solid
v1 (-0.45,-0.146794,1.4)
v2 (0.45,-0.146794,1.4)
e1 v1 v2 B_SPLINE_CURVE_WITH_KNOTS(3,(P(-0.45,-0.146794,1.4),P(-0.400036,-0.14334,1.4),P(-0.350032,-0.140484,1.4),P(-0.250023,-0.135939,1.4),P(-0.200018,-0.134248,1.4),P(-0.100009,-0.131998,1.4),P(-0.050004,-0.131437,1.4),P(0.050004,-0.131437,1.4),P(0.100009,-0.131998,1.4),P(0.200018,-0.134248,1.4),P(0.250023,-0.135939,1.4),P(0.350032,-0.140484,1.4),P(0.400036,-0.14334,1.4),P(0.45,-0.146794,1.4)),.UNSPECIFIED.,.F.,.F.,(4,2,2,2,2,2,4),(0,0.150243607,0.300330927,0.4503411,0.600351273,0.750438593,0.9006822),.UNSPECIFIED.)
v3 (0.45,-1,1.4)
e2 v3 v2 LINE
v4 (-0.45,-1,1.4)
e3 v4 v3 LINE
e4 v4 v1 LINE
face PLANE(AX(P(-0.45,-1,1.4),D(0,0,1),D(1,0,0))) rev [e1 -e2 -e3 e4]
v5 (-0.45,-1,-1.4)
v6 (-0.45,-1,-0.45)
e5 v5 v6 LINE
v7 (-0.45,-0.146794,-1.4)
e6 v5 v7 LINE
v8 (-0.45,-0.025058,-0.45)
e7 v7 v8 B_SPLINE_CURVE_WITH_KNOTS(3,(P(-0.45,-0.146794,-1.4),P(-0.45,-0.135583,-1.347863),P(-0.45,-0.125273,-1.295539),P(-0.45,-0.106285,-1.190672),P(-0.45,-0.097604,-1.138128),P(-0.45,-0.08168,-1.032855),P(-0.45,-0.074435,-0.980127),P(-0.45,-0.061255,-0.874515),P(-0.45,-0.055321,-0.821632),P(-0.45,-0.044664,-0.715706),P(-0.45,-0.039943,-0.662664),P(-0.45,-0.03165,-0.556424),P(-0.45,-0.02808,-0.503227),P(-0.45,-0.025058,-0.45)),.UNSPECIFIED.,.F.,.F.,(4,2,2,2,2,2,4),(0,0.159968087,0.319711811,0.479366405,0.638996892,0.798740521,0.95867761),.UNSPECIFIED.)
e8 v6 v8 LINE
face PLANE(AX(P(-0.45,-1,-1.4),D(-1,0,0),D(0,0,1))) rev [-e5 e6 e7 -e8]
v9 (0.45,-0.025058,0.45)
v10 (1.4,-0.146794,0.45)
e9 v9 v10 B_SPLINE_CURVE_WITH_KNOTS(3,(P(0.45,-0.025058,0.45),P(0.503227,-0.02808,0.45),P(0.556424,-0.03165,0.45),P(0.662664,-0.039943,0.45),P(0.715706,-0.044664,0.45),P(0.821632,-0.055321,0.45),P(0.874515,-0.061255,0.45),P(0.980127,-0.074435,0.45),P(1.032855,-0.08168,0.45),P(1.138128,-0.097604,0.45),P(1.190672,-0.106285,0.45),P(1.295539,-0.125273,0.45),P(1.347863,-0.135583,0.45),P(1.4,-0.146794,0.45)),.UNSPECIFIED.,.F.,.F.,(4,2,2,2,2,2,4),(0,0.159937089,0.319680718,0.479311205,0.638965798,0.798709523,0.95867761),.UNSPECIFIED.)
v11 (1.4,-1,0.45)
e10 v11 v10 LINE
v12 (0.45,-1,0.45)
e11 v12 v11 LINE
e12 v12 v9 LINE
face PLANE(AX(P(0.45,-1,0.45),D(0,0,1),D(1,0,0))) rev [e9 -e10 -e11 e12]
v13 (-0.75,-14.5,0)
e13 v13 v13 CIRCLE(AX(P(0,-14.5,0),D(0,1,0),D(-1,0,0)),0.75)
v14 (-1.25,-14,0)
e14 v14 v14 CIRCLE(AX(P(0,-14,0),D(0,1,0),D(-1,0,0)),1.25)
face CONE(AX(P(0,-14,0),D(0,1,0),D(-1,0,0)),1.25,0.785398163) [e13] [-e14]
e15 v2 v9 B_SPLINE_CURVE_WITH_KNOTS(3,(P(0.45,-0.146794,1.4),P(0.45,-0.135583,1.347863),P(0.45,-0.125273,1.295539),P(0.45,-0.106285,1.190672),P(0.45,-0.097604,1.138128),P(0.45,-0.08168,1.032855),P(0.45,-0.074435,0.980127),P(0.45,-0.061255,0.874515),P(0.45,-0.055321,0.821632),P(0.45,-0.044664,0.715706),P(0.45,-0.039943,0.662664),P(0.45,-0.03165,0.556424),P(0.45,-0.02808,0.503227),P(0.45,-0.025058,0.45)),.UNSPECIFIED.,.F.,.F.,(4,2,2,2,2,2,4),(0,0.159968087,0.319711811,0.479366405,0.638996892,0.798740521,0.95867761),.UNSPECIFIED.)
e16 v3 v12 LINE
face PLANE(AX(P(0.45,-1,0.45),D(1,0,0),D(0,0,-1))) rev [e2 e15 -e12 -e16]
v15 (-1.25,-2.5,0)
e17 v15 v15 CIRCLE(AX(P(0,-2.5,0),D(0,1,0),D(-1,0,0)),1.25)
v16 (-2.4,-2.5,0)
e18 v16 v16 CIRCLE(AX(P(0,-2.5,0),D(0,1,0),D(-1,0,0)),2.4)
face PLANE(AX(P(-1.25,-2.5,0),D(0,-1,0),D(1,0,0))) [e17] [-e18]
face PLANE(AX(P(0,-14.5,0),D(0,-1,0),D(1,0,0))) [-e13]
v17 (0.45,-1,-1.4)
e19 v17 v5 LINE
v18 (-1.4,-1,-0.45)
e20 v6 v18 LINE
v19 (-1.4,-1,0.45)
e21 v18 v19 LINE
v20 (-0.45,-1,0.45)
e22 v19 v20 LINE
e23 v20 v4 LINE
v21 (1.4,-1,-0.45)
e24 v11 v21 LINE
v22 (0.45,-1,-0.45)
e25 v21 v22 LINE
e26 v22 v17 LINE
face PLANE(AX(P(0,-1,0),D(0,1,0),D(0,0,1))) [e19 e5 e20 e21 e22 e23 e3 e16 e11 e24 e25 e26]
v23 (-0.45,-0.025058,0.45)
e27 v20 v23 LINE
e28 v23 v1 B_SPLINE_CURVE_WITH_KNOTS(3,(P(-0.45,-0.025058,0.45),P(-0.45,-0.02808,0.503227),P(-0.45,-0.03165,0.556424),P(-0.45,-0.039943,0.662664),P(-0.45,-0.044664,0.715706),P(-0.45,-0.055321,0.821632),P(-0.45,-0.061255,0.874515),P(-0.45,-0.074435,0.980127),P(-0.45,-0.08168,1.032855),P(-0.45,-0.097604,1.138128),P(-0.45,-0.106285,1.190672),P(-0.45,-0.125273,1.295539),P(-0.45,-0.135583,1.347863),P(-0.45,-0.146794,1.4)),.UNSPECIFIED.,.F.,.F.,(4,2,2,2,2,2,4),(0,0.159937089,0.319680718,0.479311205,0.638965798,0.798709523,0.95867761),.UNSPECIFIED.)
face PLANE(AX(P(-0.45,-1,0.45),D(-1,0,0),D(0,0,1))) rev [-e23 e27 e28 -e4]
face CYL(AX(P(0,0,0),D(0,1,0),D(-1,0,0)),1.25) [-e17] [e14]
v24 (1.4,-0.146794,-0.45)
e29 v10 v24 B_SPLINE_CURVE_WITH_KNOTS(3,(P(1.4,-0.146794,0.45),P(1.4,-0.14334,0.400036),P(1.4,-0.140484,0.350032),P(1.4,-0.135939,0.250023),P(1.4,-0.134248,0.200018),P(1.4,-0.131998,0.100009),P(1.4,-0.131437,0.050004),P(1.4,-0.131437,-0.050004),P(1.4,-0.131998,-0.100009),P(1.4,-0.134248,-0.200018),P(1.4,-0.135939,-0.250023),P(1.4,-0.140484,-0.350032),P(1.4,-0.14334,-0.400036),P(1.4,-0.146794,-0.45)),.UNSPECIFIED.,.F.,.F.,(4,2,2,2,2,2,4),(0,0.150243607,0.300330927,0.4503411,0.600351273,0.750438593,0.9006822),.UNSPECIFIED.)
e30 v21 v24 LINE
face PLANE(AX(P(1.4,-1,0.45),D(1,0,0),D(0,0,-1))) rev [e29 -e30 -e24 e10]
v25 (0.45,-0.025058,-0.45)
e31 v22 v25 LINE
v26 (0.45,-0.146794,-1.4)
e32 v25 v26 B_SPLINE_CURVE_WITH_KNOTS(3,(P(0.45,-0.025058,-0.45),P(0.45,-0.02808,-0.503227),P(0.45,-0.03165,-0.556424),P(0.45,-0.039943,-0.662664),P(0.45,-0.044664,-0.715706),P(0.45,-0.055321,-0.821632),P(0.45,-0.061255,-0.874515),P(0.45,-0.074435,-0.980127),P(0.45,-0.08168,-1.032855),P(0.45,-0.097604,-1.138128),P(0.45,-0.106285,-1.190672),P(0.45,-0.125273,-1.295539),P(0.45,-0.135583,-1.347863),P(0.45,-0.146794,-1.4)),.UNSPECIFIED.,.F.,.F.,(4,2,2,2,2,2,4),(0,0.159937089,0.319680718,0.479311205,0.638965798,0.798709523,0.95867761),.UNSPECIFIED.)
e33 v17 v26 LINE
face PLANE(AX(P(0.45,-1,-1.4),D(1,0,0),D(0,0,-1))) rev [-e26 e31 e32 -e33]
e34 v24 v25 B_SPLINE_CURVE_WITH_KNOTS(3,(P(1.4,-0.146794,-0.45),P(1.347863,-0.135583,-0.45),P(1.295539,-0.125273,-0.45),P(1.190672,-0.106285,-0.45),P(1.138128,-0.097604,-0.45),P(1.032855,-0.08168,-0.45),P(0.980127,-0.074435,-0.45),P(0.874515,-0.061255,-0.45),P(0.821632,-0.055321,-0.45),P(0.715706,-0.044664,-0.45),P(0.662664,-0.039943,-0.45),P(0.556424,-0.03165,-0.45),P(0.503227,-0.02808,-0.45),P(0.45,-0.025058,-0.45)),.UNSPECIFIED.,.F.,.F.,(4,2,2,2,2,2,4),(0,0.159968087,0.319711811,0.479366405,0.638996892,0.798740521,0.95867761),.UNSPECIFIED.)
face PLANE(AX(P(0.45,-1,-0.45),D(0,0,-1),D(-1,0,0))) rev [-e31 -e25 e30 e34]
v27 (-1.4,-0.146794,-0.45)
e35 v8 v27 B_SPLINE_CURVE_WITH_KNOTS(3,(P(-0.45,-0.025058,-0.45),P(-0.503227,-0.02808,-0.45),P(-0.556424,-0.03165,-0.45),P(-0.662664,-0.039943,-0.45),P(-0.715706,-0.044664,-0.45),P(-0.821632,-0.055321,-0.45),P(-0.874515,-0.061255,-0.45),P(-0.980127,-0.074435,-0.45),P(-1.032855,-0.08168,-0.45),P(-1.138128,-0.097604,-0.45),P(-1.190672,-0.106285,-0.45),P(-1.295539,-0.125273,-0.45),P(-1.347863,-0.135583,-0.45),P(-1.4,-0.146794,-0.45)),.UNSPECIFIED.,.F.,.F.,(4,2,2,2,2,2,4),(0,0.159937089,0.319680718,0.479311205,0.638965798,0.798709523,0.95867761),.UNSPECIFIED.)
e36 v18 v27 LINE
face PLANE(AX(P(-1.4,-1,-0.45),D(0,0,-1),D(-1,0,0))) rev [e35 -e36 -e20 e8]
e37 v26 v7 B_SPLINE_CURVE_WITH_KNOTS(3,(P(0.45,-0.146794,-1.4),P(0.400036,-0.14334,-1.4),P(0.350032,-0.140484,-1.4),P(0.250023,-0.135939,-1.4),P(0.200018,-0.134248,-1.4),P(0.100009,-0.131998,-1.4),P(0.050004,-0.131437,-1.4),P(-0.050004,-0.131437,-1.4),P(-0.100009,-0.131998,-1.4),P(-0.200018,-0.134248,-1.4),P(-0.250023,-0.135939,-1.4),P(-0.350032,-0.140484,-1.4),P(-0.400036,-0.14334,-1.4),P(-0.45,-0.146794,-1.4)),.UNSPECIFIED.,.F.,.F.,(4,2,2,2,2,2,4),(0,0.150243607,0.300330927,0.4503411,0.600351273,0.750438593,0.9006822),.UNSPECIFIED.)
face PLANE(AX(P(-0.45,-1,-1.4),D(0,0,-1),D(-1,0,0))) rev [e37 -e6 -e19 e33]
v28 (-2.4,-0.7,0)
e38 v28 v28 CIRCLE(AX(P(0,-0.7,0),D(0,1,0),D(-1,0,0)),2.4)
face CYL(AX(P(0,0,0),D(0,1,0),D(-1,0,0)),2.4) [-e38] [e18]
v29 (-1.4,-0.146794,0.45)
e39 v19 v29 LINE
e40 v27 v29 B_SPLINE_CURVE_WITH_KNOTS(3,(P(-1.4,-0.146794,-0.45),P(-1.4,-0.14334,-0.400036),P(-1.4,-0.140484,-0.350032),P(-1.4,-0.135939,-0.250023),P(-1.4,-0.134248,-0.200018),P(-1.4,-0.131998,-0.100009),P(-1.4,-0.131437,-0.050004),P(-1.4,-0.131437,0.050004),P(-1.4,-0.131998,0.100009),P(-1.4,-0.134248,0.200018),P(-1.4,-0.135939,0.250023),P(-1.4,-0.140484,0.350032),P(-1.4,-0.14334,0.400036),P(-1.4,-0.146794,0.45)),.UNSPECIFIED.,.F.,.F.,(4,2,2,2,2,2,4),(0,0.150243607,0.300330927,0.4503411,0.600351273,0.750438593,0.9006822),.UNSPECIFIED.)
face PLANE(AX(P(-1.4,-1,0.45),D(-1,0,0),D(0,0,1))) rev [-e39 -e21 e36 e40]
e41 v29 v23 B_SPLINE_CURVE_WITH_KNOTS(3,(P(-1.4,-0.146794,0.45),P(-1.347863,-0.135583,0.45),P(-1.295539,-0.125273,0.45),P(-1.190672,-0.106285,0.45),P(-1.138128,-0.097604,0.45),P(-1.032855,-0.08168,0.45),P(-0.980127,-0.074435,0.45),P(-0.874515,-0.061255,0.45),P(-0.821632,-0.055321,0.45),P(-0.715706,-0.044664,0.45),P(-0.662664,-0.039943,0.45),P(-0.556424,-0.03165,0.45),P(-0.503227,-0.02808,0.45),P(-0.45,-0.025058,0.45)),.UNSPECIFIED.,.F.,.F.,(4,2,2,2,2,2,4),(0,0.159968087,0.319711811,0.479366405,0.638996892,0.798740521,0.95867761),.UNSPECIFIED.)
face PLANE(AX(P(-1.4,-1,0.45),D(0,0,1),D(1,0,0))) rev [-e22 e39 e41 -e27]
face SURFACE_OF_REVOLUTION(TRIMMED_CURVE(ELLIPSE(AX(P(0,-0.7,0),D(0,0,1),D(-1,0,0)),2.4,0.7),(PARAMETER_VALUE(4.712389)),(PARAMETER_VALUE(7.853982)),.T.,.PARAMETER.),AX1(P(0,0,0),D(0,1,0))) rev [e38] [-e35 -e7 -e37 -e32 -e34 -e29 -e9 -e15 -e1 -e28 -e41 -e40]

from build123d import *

# Parameters (mm, degrees)
CUT_EXTRUDE1_DEPTH = 1


with BuildPart() as part:
    # Sketch2 → Revolve1 (revolve)
    with BuildSketch(Plane.XY):
        with BuildLine():
            Line((-2.4, -2.5), (-2.4, -0.7))
            add(Edge.make_bspline(
                [(0, 0), (-2.4, 0), (-2.4, -0.7)],
                knots=[4.71238898, 4.71238898, 4.71238898, 6.283185307, 6.283185307, 6.283185307], degree=2, weights=[1, 0.707106781, 1]))
            Line((0, 0), (0, -14.5))
            Line((0, -14.5), (-0.75, -14.5))
            Line((-0.75, -14.5), (-1.25, -14))
            Line((-1.25, -14), (-1.25, -2.5))
            Line((-1.25, -2.5), (-2.4, -2.5))
        make_face()
    revolve(axis=Axis((0, 0, 0), (0, -1, 0)))

    # Sketch3 → Cut-Extrude1 (cut)
    with BuildSketch(Plane(origin=(0, 0, 0), x_dir=(1, 0, 0), z_dir=(0, 1, 0))):
        Polygon((-0.45, 1.4), (0.45, 1.4), (0.45, 0.45), (1.4, 0.45), (1.4, -0.45), (0.45, -0.45), (0.45, -1.4), (-0.45, -1.4), (-0.45, -0.45), (-1.4, -0.45), (-1.4, 0.45), (-0.45, 0.45), align=None)
    extrude(amount=-CUT_EXTRUDE1_DEPTH, mode=Mode.SUBTRACT)


solid = part.part
